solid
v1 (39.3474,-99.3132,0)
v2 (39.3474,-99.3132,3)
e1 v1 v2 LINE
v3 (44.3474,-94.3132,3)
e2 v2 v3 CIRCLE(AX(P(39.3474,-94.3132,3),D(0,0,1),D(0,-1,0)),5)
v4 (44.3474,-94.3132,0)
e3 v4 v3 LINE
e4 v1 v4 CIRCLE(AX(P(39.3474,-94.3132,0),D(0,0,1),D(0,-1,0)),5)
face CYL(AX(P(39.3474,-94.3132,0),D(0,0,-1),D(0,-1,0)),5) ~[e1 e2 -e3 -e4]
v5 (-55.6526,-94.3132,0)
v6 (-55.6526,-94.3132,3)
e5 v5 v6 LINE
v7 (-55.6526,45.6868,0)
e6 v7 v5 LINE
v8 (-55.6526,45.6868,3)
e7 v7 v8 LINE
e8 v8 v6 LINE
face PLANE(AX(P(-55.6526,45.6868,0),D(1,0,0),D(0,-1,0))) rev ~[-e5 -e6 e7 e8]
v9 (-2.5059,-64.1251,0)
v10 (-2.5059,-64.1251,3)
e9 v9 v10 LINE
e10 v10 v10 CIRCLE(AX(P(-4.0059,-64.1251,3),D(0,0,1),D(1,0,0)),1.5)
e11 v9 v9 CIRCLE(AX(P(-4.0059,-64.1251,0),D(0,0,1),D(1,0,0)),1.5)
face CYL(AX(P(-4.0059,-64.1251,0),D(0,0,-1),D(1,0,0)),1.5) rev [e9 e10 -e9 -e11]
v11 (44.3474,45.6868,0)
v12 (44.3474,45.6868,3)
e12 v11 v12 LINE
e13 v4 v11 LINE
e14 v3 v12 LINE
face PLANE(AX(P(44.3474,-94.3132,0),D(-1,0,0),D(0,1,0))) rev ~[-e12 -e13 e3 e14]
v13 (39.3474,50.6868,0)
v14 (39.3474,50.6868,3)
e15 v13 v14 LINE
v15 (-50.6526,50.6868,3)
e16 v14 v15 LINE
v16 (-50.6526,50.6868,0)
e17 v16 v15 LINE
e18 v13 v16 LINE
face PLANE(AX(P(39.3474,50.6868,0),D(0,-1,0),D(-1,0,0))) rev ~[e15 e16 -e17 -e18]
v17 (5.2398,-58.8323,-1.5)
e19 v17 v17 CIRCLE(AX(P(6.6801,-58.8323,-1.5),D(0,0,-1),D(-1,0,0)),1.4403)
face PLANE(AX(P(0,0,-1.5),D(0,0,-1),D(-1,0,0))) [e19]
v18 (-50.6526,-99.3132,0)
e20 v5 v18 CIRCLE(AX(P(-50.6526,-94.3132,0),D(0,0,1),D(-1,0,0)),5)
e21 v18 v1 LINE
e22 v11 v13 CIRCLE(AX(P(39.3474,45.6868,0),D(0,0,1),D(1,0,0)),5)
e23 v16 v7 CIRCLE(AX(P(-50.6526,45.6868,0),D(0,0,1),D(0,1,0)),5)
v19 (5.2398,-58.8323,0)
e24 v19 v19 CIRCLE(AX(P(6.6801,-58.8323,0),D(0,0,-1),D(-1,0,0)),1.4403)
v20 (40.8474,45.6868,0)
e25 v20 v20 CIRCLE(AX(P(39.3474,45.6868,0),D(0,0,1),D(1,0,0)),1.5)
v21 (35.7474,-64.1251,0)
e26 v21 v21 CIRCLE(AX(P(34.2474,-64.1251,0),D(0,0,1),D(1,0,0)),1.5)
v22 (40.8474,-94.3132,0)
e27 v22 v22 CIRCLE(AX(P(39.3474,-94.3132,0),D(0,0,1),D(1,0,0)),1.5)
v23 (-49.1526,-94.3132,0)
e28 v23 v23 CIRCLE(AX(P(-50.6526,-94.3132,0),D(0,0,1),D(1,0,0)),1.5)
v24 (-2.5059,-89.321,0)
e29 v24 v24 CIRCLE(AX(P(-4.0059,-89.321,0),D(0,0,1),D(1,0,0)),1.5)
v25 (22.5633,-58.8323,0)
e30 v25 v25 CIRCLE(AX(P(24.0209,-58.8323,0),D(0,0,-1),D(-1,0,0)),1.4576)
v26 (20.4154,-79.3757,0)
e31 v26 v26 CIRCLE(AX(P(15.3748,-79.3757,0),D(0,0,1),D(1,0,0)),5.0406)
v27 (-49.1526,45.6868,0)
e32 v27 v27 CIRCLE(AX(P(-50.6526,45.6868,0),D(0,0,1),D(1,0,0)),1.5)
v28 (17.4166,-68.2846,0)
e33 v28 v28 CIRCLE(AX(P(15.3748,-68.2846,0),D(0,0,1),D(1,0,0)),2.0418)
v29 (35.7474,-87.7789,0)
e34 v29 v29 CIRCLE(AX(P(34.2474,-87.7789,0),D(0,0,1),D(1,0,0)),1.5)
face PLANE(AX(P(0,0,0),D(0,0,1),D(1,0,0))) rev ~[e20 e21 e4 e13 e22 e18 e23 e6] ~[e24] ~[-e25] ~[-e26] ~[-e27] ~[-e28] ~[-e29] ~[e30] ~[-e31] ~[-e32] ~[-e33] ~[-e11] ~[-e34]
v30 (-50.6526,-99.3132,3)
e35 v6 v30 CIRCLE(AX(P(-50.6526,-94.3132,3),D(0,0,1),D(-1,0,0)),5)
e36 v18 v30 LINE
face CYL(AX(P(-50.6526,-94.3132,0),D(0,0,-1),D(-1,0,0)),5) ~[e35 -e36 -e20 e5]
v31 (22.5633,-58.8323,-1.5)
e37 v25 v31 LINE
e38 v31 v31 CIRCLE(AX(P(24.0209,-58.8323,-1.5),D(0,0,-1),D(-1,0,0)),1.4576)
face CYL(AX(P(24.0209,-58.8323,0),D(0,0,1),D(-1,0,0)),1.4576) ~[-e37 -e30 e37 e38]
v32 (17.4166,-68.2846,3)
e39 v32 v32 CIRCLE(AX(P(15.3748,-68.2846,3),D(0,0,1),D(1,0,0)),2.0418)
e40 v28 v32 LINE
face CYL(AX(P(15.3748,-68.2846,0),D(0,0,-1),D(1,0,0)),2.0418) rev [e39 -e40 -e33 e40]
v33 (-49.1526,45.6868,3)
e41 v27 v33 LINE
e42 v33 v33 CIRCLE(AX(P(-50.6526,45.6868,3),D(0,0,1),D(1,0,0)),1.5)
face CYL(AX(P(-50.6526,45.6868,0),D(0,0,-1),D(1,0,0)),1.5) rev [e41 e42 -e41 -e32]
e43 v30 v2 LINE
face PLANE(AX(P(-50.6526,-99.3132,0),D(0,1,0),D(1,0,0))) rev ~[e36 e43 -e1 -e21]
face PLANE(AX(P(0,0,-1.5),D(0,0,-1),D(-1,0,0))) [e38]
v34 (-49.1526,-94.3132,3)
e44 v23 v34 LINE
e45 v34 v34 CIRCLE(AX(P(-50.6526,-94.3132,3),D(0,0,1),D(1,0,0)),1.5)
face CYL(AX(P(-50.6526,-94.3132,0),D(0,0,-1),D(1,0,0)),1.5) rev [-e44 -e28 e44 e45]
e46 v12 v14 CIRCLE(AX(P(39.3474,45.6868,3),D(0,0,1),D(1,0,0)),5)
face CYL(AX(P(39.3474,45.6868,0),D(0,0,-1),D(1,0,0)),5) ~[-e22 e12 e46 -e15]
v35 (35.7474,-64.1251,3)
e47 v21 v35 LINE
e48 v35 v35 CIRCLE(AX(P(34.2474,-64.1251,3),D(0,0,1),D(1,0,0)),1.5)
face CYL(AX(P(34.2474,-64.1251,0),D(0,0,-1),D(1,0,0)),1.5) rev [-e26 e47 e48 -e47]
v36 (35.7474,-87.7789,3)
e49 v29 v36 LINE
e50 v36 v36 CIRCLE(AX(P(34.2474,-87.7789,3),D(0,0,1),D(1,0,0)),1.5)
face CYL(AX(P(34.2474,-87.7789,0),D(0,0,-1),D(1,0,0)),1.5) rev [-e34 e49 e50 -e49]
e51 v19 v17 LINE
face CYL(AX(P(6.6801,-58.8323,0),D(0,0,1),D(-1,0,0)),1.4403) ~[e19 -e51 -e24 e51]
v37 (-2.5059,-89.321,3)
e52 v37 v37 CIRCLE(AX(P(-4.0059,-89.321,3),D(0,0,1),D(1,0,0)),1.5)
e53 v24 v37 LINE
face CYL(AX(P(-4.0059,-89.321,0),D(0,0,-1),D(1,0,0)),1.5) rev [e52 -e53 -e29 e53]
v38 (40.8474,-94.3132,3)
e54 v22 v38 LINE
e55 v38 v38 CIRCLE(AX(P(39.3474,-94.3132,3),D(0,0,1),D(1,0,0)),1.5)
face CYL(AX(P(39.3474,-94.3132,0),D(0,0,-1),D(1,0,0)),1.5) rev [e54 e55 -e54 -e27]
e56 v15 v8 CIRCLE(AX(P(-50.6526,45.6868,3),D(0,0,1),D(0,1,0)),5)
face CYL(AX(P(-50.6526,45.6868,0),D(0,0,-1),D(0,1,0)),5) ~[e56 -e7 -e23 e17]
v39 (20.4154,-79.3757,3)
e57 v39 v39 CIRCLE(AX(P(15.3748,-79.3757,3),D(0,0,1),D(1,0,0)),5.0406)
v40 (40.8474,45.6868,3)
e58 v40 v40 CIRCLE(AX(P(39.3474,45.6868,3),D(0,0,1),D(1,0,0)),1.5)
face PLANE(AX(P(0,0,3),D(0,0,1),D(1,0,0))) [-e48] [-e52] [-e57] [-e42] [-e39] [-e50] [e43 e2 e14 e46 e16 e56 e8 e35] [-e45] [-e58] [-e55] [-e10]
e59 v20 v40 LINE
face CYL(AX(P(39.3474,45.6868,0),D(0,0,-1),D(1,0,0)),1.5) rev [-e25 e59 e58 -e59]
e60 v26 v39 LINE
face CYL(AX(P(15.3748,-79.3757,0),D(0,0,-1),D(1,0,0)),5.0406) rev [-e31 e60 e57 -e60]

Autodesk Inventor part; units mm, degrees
ref_plane "YZ Plane" through (0, 0, 0) normal (1, 0, 0) x (0, 1, 0)
ref_plane "XZ Plane" through (0, 0, 0) normal (0, 1, 0) x (-1, 0, 0)
ref_plane "XY Plane" through (0, 0, 0) normal (0, 0, 1) x (1, 0, 0)
ref_plane "Work Plane1" through (0, 0, 0) normal (0, 0, 1) x (1, 0, 0)
sketch "Sketch1" plane through (0, 0, 0) normal (0, 0, 1) x (1, 0, 0)
  line L0 (39.3474, 50.6868) -> (-50.6526, 50.6868)
  line L1 (-55.6526, 45.6868) -> (-55.6526, -94.3132)
  line L2 (-50.6526, -99.3132) -> (39.3474, -99.3132)
  line L3 (44.3474, -94.3132) -> (44.3474, 45.6868)
  circle A0 centre (15.3748, -79.3757) radius 5.0406
  circle A1 centre (15.3748, -68.2846) radius 2.0418
  arc A2 (44.3474, 45.6868) -> (39.3474, 50.6868) centre (39.3474, 45.6868) ccw
  arc A3 (39.3474, -99.3132) -> (44.3474, -94.3132) centre (39.3474, -94.3132) ccw
  arc A4 (-55.6526, -94.3132) -> (-50.6526, -99.3132) centre (-50.6526, -94.3132) ccw
  arc A5 (-50.6526, 50.6868) -> (-55.6526, 45.6868) centre (-50.6526, 45.6868) ccw
  circle A6 centre (39.3474, 45.6868) radius 1.5
  circle A7 centre (39.3474, -94.3132) radius 1.5
  circle A8 centre (-50.6526, -94.3132) radius 1.5
  circle A9 centre (-50.6526, 45.6868) radius 1.5
  circle A10 centre (-4.0059, -64.1251) radius 1.5
  circle A11 centre (-4.0059, -89.321) radius 1.5
  circle A12 centre (34.2474, -64.1251) radius 1.5
  circle A13 centre (34.2474, -87.7789) radius 1.5
  point P0 (0, 0)
  point P1 (15.2639, -84.621)
  point P2 (44.3474, 50.6868)
  point P3 (-55.6526, -99.3132)
  point P4 (44.3474, -99.3132)
  dimension "d0" = 100
  dimension "d1" = 150
  dimension "d2" = 5
  dimension "d3" = 3
  dimension "d4" = 3
  dimension "d5" = 3
  dimension "d6" = 3
  dimension "d7" = 3
  dimension "d8" = 3
  dimension "d9" = 3
  dimension "d10" = 3
extrude "Extrusion1" add sketch "Sketch1" along normal blind 3
sketch "Sketch2" plane through (0, 0, 0) normal (0, 0, -1) x (-1, 0, 0)
  circle A0 centre (-6.6801, -58.8323) radius 1.4403
  circle A1 centre (-24.0209, -58.8323) radius 1.4576
  point P0 (0, 0)
extrude "Extrusion2" add sketch "Sketch2" along normal blind 1.5
properties part number "TopPlate" material "Glass"
